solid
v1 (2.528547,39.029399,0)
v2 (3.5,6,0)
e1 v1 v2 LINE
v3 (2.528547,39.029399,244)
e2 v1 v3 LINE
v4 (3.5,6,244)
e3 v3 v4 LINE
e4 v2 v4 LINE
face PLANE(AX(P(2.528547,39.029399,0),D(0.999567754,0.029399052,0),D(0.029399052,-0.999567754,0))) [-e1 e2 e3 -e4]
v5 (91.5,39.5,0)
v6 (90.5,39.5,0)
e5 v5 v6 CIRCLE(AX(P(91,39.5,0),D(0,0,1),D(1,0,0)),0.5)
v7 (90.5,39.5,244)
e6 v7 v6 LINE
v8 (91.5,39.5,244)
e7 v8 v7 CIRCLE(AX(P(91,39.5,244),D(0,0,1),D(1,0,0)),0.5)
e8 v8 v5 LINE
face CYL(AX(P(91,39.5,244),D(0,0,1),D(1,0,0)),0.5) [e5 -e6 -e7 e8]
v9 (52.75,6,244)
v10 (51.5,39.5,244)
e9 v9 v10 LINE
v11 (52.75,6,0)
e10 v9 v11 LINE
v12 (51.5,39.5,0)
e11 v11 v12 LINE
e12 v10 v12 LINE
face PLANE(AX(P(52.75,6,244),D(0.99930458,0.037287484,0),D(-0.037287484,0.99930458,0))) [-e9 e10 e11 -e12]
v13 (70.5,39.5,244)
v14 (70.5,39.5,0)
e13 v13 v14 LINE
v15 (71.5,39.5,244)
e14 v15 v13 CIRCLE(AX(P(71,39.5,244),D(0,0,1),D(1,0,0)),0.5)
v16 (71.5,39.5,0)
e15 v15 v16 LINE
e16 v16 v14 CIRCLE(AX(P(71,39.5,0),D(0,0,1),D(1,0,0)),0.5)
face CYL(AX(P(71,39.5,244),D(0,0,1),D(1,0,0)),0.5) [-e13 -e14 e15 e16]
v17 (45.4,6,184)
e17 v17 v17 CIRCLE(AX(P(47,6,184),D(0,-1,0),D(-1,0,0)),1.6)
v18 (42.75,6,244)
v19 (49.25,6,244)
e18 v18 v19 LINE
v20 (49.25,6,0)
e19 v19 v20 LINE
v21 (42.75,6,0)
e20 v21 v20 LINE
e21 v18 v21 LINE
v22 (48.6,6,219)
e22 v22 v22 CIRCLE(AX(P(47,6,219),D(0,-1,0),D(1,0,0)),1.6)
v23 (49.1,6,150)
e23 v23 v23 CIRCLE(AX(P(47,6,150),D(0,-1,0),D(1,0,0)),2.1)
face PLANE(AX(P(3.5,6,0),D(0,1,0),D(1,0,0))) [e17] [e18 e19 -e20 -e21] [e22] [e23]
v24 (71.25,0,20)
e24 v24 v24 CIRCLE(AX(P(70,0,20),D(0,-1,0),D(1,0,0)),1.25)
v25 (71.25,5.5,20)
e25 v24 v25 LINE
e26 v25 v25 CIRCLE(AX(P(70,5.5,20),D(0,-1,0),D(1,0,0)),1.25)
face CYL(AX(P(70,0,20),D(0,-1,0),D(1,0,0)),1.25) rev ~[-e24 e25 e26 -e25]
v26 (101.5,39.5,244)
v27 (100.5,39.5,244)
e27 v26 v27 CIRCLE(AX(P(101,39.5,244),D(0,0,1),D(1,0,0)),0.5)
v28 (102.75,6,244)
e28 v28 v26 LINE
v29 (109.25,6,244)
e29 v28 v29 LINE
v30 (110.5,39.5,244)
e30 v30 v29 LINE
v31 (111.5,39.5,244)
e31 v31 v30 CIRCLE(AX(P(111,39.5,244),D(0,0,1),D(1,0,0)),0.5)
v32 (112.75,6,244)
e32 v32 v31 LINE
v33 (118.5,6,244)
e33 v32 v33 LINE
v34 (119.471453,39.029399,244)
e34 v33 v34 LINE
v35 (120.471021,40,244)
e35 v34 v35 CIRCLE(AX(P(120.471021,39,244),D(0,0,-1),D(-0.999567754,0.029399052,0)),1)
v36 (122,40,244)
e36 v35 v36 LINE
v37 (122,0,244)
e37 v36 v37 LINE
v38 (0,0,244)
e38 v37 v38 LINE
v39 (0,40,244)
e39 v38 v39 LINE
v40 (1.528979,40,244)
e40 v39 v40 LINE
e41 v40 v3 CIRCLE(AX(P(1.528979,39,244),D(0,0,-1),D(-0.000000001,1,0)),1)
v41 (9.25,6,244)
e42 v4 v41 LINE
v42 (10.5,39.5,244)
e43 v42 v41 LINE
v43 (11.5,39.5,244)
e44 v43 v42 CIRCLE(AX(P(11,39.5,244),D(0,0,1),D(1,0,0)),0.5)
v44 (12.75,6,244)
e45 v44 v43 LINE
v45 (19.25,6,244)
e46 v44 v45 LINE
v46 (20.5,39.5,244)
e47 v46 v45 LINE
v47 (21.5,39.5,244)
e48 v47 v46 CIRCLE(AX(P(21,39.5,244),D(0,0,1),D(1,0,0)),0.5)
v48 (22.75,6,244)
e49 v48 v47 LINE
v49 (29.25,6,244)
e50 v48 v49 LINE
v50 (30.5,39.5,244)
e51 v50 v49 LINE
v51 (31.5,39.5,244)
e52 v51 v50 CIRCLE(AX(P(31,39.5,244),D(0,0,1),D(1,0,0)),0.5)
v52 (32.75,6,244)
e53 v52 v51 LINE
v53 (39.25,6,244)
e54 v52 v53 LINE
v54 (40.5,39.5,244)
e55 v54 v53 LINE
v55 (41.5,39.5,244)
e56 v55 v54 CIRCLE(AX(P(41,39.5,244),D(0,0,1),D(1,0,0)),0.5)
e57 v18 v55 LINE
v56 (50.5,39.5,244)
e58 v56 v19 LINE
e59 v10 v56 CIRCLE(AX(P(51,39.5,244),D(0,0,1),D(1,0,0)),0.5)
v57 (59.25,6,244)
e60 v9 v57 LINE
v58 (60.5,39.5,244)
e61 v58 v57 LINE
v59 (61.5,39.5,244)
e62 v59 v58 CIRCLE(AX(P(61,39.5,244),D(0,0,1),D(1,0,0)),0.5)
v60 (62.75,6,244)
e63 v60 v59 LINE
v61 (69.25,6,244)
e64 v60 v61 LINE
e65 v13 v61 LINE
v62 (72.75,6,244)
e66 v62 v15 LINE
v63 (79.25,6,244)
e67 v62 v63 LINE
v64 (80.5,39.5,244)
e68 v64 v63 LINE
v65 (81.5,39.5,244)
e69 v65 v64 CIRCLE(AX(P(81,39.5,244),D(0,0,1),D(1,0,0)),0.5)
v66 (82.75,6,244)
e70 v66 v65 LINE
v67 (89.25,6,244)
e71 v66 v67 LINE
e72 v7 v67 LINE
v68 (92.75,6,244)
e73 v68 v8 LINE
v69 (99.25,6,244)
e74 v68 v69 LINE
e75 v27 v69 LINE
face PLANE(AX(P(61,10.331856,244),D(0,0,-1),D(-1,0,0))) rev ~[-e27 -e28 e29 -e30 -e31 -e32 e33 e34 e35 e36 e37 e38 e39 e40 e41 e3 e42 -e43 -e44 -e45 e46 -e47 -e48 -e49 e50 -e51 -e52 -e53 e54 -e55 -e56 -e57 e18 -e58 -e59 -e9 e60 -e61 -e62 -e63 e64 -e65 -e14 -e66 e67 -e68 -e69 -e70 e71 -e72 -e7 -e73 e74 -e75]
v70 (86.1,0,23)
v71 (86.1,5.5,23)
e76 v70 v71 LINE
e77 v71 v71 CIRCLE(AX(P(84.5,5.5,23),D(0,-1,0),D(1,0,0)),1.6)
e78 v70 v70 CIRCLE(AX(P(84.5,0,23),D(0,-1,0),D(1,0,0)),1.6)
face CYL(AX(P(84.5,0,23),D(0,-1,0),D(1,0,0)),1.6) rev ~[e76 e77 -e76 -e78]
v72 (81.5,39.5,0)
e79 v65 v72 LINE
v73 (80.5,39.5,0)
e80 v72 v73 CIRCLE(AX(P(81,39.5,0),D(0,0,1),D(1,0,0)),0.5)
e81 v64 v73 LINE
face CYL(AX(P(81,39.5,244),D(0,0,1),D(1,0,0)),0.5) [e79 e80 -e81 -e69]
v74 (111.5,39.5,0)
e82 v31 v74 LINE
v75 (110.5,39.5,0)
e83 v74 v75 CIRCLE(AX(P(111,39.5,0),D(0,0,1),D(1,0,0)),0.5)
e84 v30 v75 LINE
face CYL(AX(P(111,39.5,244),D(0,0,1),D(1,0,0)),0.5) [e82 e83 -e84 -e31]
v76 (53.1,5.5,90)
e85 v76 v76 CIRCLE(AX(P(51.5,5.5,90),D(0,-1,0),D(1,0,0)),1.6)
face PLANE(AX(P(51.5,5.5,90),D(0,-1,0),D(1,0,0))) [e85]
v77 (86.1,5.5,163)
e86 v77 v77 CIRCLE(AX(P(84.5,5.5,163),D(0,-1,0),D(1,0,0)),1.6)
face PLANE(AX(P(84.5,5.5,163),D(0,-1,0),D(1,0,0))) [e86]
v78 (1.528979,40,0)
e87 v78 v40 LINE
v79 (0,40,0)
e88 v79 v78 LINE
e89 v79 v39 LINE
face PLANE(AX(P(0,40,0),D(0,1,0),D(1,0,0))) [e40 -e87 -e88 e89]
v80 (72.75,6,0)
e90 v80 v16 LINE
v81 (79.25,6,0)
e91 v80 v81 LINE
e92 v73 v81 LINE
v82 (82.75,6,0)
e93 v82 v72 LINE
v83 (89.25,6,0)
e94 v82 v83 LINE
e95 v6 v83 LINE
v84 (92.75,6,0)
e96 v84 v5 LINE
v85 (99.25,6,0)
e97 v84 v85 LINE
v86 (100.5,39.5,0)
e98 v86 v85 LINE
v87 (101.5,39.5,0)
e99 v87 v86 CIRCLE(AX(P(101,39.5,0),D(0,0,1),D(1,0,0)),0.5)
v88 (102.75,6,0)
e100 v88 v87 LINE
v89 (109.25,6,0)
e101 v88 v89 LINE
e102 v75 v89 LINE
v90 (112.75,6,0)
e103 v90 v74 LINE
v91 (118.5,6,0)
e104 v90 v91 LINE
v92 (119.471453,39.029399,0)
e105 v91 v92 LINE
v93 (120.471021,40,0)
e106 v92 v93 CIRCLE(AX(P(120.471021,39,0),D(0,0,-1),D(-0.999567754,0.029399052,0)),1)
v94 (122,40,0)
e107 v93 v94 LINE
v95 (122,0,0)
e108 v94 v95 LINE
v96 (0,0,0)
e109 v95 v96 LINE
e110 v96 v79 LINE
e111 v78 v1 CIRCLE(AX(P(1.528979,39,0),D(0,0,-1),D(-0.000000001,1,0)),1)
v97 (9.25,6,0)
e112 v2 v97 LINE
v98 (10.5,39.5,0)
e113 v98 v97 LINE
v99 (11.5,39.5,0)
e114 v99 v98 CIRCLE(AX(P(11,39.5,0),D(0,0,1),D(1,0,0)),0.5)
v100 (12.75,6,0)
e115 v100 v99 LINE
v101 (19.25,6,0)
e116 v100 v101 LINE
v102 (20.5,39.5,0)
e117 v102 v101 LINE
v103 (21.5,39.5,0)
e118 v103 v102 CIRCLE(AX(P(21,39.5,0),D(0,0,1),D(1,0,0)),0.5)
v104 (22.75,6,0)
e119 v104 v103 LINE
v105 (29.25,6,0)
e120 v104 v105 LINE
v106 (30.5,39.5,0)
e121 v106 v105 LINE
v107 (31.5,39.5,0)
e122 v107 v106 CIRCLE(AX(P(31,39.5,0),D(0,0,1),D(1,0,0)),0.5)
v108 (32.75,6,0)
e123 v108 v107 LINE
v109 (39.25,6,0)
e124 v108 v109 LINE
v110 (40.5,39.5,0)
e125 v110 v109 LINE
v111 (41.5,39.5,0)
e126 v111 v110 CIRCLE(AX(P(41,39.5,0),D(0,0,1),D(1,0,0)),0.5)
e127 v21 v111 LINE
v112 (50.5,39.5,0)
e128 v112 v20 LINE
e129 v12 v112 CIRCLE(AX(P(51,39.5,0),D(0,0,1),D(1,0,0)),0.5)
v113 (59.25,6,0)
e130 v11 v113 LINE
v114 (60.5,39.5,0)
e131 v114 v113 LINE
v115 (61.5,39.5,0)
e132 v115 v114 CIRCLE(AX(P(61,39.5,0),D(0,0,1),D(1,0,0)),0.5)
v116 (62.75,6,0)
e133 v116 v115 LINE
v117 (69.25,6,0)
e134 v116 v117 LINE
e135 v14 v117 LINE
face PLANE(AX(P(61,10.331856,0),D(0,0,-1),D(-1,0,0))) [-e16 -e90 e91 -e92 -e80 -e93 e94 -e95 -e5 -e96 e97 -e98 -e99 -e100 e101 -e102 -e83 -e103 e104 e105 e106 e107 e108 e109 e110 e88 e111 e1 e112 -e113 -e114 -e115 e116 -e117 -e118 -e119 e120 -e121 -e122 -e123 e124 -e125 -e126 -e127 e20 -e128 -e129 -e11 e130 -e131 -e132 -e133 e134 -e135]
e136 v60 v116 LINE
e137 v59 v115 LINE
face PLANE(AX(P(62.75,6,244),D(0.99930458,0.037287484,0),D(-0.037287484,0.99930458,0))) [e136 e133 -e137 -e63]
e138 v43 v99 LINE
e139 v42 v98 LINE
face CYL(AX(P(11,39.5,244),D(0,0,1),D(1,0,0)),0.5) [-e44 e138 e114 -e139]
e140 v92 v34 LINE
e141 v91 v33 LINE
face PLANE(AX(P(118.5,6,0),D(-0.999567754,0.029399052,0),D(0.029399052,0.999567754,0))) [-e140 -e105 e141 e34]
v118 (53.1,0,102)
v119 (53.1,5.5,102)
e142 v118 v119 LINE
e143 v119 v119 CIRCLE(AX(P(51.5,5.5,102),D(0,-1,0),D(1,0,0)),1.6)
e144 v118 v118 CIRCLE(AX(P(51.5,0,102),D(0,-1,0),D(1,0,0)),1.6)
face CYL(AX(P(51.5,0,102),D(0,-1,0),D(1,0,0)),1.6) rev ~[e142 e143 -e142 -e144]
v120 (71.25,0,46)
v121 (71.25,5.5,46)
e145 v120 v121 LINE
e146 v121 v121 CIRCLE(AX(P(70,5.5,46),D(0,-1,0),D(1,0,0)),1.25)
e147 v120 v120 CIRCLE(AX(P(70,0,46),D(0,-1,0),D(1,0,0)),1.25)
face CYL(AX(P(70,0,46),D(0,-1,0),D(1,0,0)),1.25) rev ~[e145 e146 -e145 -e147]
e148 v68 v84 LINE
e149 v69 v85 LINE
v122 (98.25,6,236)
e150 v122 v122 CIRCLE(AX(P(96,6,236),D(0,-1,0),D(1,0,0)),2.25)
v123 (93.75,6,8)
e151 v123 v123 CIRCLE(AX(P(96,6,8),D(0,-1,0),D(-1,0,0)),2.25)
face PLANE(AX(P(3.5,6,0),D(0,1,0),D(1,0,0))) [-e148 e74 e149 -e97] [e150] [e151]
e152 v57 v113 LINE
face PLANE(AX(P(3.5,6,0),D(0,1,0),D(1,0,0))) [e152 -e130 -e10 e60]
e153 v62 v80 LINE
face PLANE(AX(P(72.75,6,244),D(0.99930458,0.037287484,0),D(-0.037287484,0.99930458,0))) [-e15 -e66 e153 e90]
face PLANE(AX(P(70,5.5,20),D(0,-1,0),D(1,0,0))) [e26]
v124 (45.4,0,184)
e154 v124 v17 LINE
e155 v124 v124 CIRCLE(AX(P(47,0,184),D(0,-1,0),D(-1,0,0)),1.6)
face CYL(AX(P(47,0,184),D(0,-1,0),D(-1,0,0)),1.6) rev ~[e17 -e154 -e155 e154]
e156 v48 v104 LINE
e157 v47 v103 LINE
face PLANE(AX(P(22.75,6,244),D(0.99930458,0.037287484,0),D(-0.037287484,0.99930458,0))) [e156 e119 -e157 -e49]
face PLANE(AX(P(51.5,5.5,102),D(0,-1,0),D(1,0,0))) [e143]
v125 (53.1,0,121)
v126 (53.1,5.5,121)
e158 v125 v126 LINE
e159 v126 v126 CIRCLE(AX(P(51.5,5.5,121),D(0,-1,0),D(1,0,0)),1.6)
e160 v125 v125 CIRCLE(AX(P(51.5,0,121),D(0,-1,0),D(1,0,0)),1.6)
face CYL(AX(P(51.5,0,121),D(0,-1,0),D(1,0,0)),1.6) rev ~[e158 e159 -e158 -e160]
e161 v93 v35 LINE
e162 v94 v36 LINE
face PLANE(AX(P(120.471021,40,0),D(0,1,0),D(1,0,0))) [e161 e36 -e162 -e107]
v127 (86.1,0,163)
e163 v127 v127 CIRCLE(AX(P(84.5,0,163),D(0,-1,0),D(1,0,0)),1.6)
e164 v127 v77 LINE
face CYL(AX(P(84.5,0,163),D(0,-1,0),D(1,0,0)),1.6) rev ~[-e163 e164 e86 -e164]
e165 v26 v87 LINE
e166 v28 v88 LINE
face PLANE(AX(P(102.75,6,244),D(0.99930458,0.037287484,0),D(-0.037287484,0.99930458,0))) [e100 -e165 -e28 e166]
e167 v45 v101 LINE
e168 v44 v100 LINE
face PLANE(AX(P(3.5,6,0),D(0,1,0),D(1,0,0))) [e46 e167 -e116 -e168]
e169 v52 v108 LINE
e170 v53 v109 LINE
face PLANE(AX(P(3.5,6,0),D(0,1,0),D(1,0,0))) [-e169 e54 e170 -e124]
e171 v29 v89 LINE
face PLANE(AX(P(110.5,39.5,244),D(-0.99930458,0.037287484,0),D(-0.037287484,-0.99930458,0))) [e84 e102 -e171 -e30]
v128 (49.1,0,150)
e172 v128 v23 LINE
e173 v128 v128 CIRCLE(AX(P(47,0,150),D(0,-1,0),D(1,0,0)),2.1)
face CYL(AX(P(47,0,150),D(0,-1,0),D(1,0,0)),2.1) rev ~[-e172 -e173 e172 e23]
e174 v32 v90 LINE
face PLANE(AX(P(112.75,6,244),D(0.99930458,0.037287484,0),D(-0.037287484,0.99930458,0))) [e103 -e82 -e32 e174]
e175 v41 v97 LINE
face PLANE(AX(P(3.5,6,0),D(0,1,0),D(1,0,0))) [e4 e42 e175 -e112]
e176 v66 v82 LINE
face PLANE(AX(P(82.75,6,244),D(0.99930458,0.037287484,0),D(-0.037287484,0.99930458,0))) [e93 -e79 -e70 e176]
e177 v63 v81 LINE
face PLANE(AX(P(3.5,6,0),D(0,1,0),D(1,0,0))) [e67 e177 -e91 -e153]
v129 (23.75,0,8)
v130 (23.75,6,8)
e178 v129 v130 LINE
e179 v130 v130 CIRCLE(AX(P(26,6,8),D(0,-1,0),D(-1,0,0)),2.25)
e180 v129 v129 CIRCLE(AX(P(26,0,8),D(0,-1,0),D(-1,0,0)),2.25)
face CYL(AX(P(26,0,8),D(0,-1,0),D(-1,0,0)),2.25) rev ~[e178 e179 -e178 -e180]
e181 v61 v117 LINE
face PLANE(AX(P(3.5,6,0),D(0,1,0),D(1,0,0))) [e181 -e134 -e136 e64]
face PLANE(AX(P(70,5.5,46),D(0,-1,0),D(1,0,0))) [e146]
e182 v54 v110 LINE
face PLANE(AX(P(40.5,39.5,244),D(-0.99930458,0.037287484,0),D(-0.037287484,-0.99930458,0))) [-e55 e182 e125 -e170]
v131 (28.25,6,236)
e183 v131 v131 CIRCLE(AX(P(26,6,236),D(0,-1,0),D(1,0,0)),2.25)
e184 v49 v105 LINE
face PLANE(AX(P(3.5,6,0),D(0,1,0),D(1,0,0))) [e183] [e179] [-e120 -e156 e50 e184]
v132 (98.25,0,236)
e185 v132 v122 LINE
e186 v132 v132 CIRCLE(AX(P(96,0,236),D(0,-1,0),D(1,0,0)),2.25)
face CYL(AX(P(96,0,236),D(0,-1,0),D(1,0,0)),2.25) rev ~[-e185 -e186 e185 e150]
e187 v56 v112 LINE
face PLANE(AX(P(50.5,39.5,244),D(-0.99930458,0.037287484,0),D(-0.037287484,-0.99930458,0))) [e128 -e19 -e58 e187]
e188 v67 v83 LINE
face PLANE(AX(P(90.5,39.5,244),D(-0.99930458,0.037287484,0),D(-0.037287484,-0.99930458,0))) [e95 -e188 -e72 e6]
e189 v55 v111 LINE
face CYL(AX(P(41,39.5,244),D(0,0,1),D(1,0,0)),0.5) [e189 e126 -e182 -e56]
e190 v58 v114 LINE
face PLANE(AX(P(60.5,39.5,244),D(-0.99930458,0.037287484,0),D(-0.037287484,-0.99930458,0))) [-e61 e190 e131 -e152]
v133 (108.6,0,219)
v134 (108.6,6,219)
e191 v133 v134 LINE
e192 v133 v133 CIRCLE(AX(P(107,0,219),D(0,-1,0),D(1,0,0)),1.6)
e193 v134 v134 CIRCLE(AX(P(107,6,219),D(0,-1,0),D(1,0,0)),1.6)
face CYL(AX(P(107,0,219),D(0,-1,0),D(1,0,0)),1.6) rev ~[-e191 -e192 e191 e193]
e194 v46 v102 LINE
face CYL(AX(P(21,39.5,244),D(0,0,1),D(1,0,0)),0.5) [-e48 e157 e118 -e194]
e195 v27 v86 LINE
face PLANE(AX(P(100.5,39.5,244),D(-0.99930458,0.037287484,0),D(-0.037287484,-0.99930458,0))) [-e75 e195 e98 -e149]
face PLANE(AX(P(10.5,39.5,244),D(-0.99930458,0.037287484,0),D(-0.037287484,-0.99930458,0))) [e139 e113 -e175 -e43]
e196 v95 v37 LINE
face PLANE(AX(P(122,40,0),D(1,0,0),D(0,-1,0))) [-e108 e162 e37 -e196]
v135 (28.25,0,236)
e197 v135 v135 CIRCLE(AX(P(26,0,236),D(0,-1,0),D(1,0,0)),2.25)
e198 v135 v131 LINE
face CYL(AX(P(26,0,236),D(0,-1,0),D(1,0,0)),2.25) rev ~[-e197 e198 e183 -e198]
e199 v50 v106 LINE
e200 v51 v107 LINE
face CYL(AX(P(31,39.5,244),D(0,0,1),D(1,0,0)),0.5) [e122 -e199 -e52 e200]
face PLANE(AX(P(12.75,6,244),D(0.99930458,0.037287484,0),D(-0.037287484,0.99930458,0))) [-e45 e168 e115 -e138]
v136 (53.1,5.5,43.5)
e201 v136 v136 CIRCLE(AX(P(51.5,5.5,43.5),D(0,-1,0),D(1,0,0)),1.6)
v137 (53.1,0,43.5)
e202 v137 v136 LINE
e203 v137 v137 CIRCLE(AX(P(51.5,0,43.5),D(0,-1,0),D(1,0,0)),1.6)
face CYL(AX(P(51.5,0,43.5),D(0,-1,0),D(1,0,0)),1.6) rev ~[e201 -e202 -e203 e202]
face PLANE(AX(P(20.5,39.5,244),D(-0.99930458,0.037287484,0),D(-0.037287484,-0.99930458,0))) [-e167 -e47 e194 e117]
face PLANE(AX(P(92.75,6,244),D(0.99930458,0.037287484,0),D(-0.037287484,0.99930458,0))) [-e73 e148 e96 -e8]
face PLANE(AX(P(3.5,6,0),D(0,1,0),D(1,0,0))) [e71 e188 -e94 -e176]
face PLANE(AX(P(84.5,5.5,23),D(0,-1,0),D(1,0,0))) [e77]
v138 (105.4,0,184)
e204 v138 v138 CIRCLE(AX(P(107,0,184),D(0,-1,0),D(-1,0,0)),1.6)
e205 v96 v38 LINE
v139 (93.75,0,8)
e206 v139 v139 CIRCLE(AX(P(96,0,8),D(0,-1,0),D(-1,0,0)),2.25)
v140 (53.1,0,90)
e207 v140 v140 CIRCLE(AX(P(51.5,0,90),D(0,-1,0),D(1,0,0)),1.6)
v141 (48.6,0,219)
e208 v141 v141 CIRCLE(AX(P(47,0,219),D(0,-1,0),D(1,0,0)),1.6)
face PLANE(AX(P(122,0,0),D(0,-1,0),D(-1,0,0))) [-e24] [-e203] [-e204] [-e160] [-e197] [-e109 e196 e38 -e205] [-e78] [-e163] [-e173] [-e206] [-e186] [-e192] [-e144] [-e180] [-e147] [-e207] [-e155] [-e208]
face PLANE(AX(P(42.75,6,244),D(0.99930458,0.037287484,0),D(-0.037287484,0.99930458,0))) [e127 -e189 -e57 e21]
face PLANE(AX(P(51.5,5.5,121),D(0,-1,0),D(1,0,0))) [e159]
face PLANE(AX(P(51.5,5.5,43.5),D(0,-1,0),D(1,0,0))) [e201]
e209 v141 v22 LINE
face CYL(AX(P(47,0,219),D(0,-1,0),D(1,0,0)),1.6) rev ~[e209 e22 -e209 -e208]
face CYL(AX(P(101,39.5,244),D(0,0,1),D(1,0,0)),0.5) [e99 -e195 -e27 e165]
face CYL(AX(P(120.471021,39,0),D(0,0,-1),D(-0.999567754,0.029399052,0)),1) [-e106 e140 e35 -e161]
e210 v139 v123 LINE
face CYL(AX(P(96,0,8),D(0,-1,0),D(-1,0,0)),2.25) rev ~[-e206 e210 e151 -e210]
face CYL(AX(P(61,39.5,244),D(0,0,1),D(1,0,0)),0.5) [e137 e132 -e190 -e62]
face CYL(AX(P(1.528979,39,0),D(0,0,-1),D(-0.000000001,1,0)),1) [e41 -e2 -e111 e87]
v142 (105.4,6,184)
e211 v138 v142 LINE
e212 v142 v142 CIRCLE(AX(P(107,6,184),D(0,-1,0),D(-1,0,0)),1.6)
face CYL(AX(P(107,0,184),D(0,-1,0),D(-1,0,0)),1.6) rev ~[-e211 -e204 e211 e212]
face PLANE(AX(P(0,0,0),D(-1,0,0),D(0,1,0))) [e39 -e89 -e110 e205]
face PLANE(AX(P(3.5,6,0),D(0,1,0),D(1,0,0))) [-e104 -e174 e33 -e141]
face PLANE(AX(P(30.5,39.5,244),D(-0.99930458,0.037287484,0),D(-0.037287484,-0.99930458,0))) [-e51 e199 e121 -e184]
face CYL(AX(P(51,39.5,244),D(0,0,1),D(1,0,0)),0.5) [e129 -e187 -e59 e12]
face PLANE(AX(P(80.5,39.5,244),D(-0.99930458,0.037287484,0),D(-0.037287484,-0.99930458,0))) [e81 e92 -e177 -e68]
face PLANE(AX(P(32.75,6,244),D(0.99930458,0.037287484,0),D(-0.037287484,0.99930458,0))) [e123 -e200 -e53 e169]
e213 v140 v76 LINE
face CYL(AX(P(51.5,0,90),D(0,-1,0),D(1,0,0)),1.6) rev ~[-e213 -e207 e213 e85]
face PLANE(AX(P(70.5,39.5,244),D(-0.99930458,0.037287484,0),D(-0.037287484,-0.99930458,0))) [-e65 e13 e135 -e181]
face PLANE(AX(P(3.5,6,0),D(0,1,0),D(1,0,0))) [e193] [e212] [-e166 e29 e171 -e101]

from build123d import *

# Parameters (mm, degrees)
EXTRUDE_1_DEPTH       = 244
EXTRUDE_3_DEPTH       = 244
PATTERN_CURVE_1_COUNT = 11
PATTERN_CURVE_1_PITCH = 10
SKETCH_3_R            = 2.25
CUT_EXTRUDE_1_DEPTH   = 6
SKETCH_4_R            = 1.25
SKETCH_4_R_2          = 1.6
CUT_EXTRUDE_2_DEPTH   = 5.5
SKETCH_5_R            = 2.1
SKETCH_5_R_2          = 1.6
CUT_EXTRUDE_3_DEPTH   = 6


with BuildPart() as part:
    # Эскиз1 → Вытянуть1 (new body)
    with BuildSketch(Plane.XY):
        with BuildLine():
            Line((0, 40), (1.528979332, 40))
            ThreePointArc((1.528979332, 40), (2.225614441, 39.717425624), (2.528547087, 39.029399052))
            Line((2.528547087, 39.029399052), (3.5, 6))
            Line((3.5, 6), (118.5, 6))
            Line((118.5, 6), (119.471452913, 39.029399052))
            ThreePointArc((119.471452913, 39.029399052), (119.774385559, 39.717425624), (120.471020668, 40))
            Line((120.471020668, 40), (122, 40))
            Line((122, 40), (122, 0))
            Line((122, 0), (0, 0))
            Line((0, 0), (0, 40))
        make_face()
    extrude(amount=EXTRUDE_1_DEPTH)

    # Эскиз2 → Вытянуть3 (add)
    with BuildSketch(Plane.XY.offset(244)):
        with BuildLine():
            Line((10.5, 39.5), (9.25, 6))
            Line((9.25, 6), (12.75, 6))
            Line((12.75, 6), (11.5, 39.5))
            ThreePointArc((11.5, 39.5), (11, 40), (10.5, 39.5))
        make_face()
    extrude_3 = extrude(amount=-EXTRUDE_3_DEPTH)

    # Кривая1: Вытянуть3 ×11
    with Locations(*[(i * PATTERN_CURVE_1_PITCH, 0, 0) for i in range(1, PATTERN_CURVE_1_COUNT)]):
        add(extrude_3)

    # Эскиз3 → Вырез-Вытянуть1 (cut)
    with BuildSketch(Plane.XZ):
        with Locations((26, 236)):
            Circle(SKETCH_3_R)
        with Locations((96, 236)):
            Circle(SKETCH_3_R)
        with Locations(Location((96, 8, 0), (0, 0, 180))):
            Circle(SKETCH_3_R)
        with Locations(Location((26, 8, 0), (0, 0, 180))):
            Circle(SKETCH_3_R)
    extrude(amount=-CUT_EXTRUDE_1_DEPTH, mode=Mode.SUBTRACT)

    # Эскиз4 → Вырез-Вытянуть2 (cut)
    with BuildSketch(Plane(origin=(-5.723570629, 0, -26.359021189), x_dir=(1, 0, 0), z_dir=(0, -1, 0))):
        with Locations((75.723570629, 72.359021189)):
            Circle(SKETCH_4_R)
        with Locations((90.223570629, 189.359021189)):
            Circle(SKETCH_4_R_2)
        with Locations((90.223570629, 49.359021189)):
            Circle(SKETCH_4_R_2)
        with Locations((57.223570629, 147.359021189)):
            Circle(SKETCH_4_R_2)
        with Locations((57.223570629, 128.359021189)):
            Circle(SKETCH_4_R_2)
        with Locations((75.723570629, 46.359021189)):
            Circle(SKETCH_4_R)
        with Locations((57.223570629, 116.359021189)):
            Circle(SKETCH_4_R_2)
        with Locations((57.223570629, 69.859021189)):
            Circle(SKETCH_4_R_2)
    extrude(amount=-CUT_EXTRUDE_2_DEPTH, mode=Mode.SUBTRACT)

    # Эскиз5 → Вырез-Вытянуть3 (cut)
    with BuildSketch(Plane(origin=(128.324191418, 0, 423.775874855), x_dir=(-1, 0, 0), z_dir=(0, -1, 0))):
        with Locations(Location((81.324191418, 273.775874855, 0), (0, 0, 180))):
            Circle(SKETCH_5_R)
        with Locations((21.324191418, 239.775874855)):
            Circle(SKETCH_5_R_2)
        with Locations((81.324191418, 239.775874855)):
            Circle(SKETCH_5_R_2)
        with Locations(Location((81.324191418, 204.775874855, 0), (0, 0, 180))):
            Circle(SKETCH_5_R_2)
        with Locations(Location((21.324191418, 204.775874855, 0), (0, 0, 180))):
            Circle(SKETCH_5_R_2)
    extrude(amount=-CUT_EXTRUDE_3_DEPTH, mode=Mode.SUBTRACT)


solid = part.part
